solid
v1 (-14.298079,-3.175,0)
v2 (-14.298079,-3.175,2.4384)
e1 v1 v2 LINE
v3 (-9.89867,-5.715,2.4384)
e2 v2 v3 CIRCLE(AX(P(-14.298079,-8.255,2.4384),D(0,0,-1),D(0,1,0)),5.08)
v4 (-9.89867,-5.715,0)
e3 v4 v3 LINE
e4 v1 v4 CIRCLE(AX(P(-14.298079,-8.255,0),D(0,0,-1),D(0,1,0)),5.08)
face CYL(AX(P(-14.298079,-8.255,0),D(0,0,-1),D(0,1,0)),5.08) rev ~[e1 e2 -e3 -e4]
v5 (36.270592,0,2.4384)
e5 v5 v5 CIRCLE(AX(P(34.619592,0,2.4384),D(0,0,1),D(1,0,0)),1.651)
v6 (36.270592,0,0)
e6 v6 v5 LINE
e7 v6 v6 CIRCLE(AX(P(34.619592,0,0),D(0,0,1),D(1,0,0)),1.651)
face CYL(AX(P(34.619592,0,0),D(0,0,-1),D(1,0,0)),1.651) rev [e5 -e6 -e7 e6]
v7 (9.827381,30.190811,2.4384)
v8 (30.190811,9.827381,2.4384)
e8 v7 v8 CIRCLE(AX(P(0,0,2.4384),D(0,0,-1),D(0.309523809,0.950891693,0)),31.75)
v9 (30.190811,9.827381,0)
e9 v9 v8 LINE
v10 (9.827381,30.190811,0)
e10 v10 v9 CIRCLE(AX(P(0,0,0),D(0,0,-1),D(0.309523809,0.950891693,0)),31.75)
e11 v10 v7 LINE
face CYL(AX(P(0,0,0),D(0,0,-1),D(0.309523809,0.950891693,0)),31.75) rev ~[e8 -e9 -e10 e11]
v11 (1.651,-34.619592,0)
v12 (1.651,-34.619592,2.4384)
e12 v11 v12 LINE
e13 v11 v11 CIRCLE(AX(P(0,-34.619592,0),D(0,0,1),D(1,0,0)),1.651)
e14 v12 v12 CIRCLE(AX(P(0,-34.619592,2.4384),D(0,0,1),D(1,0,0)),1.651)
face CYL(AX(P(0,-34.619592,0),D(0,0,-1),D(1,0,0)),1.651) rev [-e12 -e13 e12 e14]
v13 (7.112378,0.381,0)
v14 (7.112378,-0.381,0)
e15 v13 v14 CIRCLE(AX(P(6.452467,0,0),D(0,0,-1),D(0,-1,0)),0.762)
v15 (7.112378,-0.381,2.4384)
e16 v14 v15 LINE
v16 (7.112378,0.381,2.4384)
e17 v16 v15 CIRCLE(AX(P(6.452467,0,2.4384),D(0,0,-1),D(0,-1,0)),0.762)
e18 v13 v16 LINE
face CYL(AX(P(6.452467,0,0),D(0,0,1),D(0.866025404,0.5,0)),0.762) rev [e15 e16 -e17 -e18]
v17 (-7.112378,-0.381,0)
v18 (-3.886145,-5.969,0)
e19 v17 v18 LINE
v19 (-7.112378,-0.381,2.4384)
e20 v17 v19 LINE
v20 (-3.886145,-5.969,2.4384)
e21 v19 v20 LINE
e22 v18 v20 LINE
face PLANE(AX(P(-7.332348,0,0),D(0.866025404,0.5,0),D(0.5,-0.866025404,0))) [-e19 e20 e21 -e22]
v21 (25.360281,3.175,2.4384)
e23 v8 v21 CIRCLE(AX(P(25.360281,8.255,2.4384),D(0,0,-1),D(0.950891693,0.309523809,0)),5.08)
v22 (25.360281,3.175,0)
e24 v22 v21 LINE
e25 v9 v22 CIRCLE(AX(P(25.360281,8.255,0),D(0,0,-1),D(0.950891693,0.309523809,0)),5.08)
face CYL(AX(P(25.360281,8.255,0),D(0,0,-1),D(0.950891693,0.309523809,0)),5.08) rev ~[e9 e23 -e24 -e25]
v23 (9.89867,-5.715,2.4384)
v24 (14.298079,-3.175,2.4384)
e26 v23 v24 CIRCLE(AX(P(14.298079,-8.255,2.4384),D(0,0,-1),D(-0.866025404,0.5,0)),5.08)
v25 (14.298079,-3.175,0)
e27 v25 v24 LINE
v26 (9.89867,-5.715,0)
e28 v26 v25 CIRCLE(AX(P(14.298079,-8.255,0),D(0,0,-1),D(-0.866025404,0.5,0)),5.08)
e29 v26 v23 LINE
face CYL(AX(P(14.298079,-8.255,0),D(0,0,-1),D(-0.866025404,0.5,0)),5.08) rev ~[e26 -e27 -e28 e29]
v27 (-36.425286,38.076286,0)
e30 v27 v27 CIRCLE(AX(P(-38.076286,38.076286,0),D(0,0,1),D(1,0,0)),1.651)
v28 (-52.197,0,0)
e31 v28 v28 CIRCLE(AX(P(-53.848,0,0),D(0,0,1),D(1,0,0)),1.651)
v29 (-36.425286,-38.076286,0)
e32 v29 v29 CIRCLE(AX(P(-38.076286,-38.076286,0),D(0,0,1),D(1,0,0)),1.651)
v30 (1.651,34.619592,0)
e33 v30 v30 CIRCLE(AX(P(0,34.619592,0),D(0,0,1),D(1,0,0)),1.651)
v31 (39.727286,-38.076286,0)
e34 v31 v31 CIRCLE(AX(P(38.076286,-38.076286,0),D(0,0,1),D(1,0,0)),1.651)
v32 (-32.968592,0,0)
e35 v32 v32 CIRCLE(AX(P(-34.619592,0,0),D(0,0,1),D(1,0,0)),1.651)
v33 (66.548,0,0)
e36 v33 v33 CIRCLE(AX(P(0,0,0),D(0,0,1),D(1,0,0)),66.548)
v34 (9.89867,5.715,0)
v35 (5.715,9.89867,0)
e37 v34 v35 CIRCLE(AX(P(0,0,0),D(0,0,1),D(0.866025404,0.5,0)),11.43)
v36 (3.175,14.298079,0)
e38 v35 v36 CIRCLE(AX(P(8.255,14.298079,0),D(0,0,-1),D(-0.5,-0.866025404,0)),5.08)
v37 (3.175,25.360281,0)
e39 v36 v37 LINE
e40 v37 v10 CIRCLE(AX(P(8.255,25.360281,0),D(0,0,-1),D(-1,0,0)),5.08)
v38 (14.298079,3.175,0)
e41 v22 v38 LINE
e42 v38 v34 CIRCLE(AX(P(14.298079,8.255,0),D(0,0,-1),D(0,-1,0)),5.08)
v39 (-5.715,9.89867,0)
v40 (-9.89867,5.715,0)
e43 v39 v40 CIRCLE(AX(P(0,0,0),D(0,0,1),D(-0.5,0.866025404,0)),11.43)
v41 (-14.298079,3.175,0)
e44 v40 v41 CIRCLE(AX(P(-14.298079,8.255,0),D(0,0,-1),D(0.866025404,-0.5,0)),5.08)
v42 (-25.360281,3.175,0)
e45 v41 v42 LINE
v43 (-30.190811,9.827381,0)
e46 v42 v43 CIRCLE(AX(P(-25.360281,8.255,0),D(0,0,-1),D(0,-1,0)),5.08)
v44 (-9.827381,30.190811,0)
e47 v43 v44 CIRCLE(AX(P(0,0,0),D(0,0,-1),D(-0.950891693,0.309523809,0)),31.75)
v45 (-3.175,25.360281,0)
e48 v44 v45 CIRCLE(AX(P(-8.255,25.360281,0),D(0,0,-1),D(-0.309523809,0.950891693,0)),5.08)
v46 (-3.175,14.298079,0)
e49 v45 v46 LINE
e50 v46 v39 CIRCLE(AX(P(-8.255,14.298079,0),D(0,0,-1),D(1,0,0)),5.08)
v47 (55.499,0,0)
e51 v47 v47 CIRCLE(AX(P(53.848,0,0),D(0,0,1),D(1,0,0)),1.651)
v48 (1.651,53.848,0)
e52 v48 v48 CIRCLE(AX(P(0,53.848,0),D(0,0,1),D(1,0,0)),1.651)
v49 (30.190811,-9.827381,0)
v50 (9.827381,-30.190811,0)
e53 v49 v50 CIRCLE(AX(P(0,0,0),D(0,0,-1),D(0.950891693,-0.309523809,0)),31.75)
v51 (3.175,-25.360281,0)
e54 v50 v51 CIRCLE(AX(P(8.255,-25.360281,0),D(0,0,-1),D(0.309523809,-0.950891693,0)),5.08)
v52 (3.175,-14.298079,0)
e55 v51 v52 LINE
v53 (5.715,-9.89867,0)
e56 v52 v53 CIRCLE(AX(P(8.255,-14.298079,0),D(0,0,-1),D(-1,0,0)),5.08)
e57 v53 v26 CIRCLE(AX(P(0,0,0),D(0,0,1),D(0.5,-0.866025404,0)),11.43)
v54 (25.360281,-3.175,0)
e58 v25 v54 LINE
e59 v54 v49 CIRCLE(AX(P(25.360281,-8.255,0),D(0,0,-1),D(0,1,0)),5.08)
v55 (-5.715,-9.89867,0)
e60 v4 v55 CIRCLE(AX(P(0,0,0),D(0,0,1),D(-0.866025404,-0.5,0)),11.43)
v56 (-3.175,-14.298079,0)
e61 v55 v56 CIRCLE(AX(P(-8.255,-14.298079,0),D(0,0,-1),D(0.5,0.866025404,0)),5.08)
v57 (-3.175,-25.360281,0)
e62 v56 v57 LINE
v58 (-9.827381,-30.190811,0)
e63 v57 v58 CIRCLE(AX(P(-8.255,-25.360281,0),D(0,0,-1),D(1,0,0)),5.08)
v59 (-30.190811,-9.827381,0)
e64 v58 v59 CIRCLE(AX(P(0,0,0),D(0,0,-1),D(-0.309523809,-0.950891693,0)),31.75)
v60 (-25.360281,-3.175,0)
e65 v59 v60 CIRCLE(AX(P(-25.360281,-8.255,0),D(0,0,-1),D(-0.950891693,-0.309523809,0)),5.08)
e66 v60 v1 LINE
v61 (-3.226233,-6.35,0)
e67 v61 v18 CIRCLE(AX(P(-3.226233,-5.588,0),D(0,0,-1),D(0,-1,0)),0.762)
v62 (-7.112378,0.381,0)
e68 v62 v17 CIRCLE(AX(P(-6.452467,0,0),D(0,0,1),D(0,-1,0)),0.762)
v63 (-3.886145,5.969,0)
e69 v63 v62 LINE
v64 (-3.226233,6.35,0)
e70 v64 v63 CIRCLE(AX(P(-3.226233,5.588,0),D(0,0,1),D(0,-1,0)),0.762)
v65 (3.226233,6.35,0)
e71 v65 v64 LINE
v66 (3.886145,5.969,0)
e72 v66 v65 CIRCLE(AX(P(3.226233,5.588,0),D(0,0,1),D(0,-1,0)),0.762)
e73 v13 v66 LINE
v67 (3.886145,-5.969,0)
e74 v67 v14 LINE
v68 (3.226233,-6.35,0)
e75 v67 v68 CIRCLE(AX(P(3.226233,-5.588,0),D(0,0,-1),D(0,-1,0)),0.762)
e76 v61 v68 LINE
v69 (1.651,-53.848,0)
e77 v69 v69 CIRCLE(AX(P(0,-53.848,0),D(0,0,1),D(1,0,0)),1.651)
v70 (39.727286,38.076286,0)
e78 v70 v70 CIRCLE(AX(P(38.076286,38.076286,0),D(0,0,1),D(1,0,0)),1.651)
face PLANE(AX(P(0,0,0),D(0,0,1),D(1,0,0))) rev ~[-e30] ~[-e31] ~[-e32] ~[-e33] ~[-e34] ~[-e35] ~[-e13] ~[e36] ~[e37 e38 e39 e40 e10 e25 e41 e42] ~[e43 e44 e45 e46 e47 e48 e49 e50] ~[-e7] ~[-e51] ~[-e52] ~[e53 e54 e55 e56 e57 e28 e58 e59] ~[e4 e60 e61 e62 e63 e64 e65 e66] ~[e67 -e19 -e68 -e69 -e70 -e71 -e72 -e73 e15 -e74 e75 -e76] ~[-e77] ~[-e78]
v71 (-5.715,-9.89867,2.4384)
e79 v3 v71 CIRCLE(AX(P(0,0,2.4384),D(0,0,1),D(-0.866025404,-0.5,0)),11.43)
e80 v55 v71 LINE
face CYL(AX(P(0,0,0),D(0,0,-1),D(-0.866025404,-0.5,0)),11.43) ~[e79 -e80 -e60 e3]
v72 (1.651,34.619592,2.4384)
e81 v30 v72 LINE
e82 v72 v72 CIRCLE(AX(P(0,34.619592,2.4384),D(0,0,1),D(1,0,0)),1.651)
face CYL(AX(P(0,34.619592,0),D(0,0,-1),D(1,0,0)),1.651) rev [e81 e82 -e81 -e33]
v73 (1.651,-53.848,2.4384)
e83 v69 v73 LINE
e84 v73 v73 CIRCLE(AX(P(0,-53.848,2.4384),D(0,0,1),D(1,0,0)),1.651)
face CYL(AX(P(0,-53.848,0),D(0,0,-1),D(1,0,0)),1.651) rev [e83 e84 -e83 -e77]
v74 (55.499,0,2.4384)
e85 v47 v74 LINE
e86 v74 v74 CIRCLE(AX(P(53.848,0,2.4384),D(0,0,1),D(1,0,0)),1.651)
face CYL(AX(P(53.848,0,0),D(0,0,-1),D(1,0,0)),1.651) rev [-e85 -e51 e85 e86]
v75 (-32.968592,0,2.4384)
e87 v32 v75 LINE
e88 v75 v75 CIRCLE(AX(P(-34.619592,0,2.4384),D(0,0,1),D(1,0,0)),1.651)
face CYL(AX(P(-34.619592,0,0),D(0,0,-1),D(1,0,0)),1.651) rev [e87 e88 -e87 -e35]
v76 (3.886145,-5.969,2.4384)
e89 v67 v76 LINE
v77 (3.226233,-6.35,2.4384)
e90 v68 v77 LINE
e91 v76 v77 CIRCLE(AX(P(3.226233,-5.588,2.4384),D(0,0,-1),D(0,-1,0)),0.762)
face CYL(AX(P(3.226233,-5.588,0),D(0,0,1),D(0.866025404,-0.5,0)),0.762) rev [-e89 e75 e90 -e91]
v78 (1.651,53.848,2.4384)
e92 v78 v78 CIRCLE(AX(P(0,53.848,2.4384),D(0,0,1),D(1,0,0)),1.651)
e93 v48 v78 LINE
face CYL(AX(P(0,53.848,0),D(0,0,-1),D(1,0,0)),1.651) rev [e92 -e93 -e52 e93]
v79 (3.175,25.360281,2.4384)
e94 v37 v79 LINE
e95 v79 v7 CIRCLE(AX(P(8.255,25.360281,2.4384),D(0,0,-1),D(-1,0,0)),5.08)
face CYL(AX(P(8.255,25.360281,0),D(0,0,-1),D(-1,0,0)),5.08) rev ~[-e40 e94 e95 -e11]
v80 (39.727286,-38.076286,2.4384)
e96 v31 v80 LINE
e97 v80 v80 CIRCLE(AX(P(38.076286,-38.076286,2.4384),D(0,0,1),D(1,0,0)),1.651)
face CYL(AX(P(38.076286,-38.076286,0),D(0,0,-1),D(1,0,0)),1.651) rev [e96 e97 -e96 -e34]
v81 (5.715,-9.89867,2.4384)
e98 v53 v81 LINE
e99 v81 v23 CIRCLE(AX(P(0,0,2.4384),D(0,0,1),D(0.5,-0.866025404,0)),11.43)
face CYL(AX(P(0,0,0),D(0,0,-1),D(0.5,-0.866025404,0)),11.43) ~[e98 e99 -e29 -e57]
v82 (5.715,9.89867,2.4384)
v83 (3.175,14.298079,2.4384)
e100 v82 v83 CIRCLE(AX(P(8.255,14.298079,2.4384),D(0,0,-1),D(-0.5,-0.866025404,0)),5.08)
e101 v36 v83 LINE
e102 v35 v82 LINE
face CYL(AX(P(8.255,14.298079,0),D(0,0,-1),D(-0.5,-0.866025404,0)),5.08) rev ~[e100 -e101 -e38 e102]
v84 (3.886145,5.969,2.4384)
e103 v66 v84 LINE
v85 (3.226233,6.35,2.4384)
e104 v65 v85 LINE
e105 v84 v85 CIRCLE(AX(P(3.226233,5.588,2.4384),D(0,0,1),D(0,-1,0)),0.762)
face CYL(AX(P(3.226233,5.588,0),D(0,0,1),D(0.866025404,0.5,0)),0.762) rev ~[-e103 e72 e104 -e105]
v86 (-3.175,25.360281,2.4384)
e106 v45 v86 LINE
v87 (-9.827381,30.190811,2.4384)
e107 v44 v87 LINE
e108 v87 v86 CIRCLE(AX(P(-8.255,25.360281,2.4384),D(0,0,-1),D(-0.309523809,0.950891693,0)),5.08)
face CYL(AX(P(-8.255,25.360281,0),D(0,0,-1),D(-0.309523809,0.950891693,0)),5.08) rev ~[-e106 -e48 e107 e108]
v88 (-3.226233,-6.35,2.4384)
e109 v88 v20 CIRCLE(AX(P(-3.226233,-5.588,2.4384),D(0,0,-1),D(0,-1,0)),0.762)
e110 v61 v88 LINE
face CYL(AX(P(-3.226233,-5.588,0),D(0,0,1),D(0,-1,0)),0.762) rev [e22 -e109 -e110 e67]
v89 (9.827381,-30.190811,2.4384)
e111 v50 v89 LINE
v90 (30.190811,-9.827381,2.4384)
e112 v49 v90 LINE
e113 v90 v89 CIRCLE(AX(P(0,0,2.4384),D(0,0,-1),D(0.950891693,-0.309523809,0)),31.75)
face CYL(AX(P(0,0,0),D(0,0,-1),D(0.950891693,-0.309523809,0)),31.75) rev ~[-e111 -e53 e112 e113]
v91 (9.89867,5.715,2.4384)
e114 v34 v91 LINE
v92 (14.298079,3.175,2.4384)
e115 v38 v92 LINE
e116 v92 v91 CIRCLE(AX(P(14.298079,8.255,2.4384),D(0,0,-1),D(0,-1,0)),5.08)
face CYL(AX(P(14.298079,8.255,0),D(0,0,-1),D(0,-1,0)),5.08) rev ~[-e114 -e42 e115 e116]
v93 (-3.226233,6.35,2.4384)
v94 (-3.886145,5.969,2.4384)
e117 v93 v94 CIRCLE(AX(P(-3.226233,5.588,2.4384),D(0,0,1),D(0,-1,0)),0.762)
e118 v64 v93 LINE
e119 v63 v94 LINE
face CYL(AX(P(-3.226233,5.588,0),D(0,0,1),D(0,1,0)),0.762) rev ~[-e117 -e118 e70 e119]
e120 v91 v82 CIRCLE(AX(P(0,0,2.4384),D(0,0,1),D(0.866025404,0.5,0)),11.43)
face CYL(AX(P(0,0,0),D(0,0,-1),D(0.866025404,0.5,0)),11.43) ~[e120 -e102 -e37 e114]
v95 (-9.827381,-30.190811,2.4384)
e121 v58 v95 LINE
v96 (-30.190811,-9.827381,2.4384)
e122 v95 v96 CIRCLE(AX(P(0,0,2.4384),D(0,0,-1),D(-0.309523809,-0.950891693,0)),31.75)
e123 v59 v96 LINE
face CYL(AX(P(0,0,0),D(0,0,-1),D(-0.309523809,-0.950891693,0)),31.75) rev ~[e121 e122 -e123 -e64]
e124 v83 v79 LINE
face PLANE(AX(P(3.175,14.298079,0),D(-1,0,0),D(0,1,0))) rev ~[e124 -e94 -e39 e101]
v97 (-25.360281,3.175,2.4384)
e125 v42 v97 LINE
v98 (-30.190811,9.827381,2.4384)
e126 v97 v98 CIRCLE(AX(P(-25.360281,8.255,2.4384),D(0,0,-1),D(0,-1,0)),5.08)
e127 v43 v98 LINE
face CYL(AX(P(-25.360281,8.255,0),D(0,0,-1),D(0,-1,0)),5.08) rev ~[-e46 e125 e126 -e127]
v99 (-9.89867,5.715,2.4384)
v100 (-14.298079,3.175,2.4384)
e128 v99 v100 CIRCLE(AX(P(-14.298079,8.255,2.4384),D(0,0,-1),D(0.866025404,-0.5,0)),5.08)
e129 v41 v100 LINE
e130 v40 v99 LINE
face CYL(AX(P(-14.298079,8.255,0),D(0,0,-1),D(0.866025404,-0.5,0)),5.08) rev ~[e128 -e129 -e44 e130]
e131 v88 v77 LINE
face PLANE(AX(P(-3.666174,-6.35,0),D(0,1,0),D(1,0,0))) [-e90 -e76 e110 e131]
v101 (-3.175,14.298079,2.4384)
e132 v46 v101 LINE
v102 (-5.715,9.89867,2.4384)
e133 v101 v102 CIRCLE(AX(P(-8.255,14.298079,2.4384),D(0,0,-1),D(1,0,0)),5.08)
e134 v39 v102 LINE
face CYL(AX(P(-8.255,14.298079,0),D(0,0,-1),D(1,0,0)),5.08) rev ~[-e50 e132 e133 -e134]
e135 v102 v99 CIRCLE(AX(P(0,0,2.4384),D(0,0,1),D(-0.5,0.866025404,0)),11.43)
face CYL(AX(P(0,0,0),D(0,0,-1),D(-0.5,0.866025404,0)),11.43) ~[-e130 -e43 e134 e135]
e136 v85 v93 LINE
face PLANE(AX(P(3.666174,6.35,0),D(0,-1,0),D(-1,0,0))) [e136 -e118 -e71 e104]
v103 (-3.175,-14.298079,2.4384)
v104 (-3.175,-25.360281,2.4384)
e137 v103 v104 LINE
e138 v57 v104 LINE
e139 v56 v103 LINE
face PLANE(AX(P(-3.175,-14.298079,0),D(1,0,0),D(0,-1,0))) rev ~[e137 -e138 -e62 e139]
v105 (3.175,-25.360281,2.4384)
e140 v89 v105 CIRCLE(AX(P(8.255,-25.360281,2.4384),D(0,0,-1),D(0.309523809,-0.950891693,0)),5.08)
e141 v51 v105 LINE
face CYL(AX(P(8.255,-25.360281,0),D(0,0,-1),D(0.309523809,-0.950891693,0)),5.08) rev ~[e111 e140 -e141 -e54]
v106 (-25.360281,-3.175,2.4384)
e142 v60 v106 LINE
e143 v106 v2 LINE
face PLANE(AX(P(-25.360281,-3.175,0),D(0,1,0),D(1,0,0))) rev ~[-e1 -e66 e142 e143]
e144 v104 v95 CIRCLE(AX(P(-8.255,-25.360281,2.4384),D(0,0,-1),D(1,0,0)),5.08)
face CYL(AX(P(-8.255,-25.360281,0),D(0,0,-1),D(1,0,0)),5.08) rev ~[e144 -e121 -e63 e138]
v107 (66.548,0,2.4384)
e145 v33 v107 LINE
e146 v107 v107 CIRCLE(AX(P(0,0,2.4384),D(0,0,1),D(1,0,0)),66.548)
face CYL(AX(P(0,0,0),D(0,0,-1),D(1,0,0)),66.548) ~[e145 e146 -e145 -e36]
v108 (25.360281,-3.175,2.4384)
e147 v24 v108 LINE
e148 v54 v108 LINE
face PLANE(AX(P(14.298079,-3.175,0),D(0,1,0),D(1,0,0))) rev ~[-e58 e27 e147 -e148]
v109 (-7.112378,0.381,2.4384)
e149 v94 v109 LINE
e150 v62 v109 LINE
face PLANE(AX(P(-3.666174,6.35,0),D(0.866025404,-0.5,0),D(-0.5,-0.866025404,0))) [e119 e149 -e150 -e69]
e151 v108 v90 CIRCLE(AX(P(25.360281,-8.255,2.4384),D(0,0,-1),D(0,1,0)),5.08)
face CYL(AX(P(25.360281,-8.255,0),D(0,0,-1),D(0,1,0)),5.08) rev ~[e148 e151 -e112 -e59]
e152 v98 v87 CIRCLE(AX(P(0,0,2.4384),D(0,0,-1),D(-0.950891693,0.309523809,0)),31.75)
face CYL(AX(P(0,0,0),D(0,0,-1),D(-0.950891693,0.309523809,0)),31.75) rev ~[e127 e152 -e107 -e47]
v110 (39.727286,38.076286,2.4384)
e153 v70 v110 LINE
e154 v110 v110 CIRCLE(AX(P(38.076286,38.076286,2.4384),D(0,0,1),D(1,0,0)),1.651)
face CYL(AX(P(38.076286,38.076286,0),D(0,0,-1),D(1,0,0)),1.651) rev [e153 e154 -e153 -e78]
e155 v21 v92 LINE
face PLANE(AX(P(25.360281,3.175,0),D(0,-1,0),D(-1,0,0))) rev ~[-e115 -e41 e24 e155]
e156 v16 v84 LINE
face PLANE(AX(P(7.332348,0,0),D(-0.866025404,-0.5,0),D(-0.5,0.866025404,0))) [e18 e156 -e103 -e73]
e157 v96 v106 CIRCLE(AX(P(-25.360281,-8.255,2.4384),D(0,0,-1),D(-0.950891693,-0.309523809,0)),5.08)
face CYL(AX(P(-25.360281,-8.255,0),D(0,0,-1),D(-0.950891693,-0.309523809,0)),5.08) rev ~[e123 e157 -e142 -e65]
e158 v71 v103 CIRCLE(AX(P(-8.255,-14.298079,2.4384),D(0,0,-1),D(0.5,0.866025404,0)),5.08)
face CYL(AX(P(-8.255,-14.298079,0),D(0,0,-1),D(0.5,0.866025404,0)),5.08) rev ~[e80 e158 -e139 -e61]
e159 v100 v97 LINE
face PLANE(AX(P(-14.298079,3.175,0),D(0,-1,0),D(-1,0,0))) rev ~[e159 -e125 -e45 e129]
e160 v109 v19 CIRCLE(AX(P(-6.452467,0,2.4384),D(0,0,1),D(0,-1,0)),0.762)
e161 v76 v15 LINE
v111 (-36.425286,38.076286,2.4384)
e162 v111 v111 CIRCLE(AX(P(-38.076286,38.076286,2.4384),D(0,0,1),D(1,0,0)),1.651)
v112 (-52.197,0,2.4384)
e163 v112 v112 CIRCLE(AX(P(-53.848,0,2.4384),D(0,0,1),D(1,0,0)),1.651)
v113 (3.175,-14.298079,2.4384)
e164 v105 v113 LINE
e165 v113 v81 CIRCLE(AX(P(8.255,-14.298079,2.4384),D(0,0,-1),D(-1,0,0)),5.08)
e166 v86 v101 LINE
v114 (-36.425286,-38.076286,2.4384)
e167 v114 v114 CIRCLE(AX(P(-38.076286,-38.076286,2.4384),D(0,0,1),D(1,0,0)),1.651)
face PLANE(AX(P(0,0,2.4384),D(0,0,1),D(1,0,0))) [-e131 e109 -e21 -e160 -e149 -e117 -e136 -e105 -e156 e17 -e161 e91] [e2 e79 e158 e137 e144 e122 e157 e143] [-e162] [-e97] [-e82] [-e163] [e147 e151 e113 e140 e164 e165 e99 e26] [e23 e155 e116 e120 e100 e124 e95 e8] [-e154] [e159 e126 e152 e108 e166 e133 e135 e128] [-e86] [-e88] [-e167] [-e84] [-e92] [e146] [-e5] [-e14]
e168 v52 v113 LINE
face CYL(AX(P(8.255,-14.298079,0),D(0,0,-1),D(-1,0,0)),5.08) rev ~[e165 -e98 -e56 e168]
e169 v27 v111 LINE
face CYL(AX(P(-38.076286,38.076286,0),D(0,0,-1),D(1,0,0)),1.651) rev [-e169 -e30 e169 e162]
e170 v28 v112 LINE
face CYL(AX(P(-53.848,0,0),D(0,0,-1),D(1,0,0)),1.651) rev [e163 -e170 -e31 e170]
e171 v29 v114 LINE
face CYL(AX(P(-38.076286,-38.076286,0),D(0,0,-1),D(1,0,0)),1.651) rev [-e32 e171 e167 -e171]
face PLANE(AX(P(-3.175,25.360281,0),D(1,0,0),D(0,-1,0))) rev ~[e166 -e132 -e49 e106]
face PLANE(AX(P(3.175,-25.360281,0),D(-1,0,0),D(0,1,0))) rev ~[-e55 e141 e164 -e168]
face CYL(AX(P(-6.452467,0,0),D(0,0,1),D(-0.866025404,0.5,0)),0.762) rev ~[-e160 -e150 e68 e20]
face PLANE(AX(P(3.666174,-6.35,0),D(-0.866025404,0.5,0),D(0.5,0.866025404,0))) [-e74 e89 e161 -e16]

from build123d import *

# Parameters (mm, degrees)
SKETCH1_R           = 66.548
SKETCH1_R_2         = 1.651
BOSS_EXTRUDE1_DEPTH = 2.4384
FILLET6_R           = 0.762


with BuildPart() as part:
    # Sketch1 → Boss-Extrude1 (new body)
    with BuildSketch(Plane.XY):
        Circle(SKETCH1_R)
        with Locations((0, 53.848)):
            Circle(SKETCH1_R_2, mode=Mode.SUBTRACT)
        with Locations((0, 34.619591715)):
            Circle(SKETCH1_R_2, mode=Mode.SUBTRACT)
        with Locations((34.619591715, 0)):
            Circle(SKETCH1_R_2, mode=Mode.SUBTRACT)
        with Locations((0, -34.619591715)):
            Circle(SKETCH1_R_2, mode=Mode.SUBTRACT)
        with Locations((-34.619591715, 0)):
            Circle(SKETCH1_R_2, mode=Mode.SUBTRACT)
        with Locations((38.076285953, 38.076285953)):
            Circle(SKETCH1_R_2, mode=Mode.SUBTRACT)
        with Locations((53.848, 0)):
            Circle(SKETCH1_R_2, mode=Mode.SUBTRACT)
        with Locations((38.076285953, -38.076285953)):
            Circle(SKETCH1_R_2, mode=Mode.SUBTRACT)
        with Locations((0, -53.848)):
            Circle(SKETCH1_R_2, mode=Mode.SUBTRACT)
        with Locations((-38.076285953, -38.076285953)):
            Circle(SKETCH1_R_2, mode=Mode.SUBTRACT)
        with Locations((-53.848, 0)):
            Circle(SKETCH1_R_2, mode=Mode.SUBTRACT)
        with Locations((-38.076285953, 38.076285953)):
            Circle(SKETCH1_R_2, mode=Mode.SUBTRACT)
        with BuildLine():
            Line((25.360281446, 3.175), (14.298079416, 3.175))
            ThreePointArc((14.298079416, 3.175), (11.758079416, 3.855590949), (9.898670365, 5.715))
            ThreePointArc((9.898670365, 5.715), (8.082230509, 8.082230509), (5.715, 9.898670365))
            ThreePointArc((5.715, 9.898670365), (3.855590949, 11.758079416), (3.175, 14.298079416))
            Line((3.175, 14.298079416), (3.175, 25.360281446))
            ThreePointArc((3.175, 25.360281446), (5.270146171, 29.470883302), (9.827380952, 30.190811245))
            ThreePointArc((9.827380952, 30.190811245), (22.450640303, 22.450640303), (30.190811245, 9.827380952))
            ThreePointArc((30.190811245, 9.827380952), (29.470883302, 5.270146171), (25.360281446, 3.175))
        make_face(mode=Mode.SUBTRACT)
        with BuildLine():
            Line((-3.175, 25.360281446), (-3.175, 14.298079416))
            ThreePointArc((-3.175, 14.298079416), (-3.855590949, 11.758079416), (-5.715, 9.898670365))
            ThreePointArc((-5.715, 9.898670365), (-8.082230509, 8.082230509), (-9.898670365, 5.715))
            ThreePointArc((-9.898670365, 5.715), (-11.758079416, 3.855590949), (-14.298079416, 3.175))
            Line((-14.298079416, 3.175), (-25.360281446, 3.175))
            ThreePointArc((-25.360281446, 3.175), (-29.470883302, 5.270146171), (-30.190811245, 9.827380952))
            ThreePointArc((-30.190811245, 9.827380952), (-22.450640303, 22.450640303), (-9.827380952, 30.190811245))
            ThreePointArc((-9.827380952, 30.190811245), (-5.270146171, 29.470883302), (-3.175, 25.360281446))
        make_face(mode=Mode.SUBTRACT)
        with BuildLine():
            Line((3.175, -25.360281446), (3.175, -14.298079416))
            ThreePointArc((3.175, -14.298079416), (3.855590949, -11.758079416), (5.715, -9.898670365))
            ThreePointArc((5.715, -9.898670365), (8.082230509, -8.082230509), (9.898670365, -5.715))
            ThreePointArc((9.898670365, -5.715), (11.758079416, -3.855590949), (14.298079416, -3.175))
            Line((14.298079416, -3.175), (25.360281446, -3.175))
            ThreePointArc((25.360281446, -3.175), (29.470883302, -5.270146171), (30.190811245, -9.827380952))
            ThreePointArc((30.190811245, -9.827380952), (22.450640303, -22.450640303), (9.827380952, -30.190811245))
            ThreePointArc((9.827380952, -30.190811245), (5.270146171, -29.470883302), (3.175, -25.360281446))
        make_face(mode=Mode.SUBTRACT)
        Polygon((7.332348419, 0), (3.666174209, 6.35), (-3.666174209, 6.35), (-7.332348419, 0), (-3.666174209, -6.35), (3.666174209, -6.35), align=None, mode=Mode.SUBTRACT)
        with BuildLine():
            Line((-25.360281446, -3.175), (-14.298079416, -3.175))
            ThreePointArc((-14.298079416, -3.175), (-11.758079416, -3.855590949), (-9.898670365, -5.715))
            ThreePointArc((-9.898670365, -5.715), (-8.082230509, -8.082230509), (-5.715, -9.898670365))
            ThreePointArc((-5.715, -9.898670365), (-3.855590949, -11.758079416), (-3.175, -14.298079416))
            Line((-3.175, -14.298079416), (-3.175, -25.360281446))
            ThreePointArc((-3.175, -25.360281446), (-5.270146171, -29.470883302), (-9.827380952, -30.190811245))
            ThreePointArc((-9.827380952, -30.190811245), (-22.450640303, -22.450640303), (-30.190811245, -9.827380952))
            ThreePointArc((-30.190811245, -9.827380952), (-29.470883302, -5.270146171), (-25.360281446, -3.175))
        make_face(mode=Mode.SUBTRACT)
    extrude(amount=BOSS_EXTRUDE1_DEPTH)

    # Fillet6
    fillet6_edges = [part.edges().sort_by_distance(p)[0] for p in [
        (3.666174209, -6.35, 1.2192),
        (7.332348419, 0, 1.2192),
        (3.666174209, 6.35, 1.2192),
        (-3.666174209, 6.35, 1.2192),
        (-7.332348419, 0, 1.2192),
        (-3.666174209, -6.35, 1.2192),
    ]]
    fillet(fillet6_edges, radius=FILLET6_R)


solid = part.part
